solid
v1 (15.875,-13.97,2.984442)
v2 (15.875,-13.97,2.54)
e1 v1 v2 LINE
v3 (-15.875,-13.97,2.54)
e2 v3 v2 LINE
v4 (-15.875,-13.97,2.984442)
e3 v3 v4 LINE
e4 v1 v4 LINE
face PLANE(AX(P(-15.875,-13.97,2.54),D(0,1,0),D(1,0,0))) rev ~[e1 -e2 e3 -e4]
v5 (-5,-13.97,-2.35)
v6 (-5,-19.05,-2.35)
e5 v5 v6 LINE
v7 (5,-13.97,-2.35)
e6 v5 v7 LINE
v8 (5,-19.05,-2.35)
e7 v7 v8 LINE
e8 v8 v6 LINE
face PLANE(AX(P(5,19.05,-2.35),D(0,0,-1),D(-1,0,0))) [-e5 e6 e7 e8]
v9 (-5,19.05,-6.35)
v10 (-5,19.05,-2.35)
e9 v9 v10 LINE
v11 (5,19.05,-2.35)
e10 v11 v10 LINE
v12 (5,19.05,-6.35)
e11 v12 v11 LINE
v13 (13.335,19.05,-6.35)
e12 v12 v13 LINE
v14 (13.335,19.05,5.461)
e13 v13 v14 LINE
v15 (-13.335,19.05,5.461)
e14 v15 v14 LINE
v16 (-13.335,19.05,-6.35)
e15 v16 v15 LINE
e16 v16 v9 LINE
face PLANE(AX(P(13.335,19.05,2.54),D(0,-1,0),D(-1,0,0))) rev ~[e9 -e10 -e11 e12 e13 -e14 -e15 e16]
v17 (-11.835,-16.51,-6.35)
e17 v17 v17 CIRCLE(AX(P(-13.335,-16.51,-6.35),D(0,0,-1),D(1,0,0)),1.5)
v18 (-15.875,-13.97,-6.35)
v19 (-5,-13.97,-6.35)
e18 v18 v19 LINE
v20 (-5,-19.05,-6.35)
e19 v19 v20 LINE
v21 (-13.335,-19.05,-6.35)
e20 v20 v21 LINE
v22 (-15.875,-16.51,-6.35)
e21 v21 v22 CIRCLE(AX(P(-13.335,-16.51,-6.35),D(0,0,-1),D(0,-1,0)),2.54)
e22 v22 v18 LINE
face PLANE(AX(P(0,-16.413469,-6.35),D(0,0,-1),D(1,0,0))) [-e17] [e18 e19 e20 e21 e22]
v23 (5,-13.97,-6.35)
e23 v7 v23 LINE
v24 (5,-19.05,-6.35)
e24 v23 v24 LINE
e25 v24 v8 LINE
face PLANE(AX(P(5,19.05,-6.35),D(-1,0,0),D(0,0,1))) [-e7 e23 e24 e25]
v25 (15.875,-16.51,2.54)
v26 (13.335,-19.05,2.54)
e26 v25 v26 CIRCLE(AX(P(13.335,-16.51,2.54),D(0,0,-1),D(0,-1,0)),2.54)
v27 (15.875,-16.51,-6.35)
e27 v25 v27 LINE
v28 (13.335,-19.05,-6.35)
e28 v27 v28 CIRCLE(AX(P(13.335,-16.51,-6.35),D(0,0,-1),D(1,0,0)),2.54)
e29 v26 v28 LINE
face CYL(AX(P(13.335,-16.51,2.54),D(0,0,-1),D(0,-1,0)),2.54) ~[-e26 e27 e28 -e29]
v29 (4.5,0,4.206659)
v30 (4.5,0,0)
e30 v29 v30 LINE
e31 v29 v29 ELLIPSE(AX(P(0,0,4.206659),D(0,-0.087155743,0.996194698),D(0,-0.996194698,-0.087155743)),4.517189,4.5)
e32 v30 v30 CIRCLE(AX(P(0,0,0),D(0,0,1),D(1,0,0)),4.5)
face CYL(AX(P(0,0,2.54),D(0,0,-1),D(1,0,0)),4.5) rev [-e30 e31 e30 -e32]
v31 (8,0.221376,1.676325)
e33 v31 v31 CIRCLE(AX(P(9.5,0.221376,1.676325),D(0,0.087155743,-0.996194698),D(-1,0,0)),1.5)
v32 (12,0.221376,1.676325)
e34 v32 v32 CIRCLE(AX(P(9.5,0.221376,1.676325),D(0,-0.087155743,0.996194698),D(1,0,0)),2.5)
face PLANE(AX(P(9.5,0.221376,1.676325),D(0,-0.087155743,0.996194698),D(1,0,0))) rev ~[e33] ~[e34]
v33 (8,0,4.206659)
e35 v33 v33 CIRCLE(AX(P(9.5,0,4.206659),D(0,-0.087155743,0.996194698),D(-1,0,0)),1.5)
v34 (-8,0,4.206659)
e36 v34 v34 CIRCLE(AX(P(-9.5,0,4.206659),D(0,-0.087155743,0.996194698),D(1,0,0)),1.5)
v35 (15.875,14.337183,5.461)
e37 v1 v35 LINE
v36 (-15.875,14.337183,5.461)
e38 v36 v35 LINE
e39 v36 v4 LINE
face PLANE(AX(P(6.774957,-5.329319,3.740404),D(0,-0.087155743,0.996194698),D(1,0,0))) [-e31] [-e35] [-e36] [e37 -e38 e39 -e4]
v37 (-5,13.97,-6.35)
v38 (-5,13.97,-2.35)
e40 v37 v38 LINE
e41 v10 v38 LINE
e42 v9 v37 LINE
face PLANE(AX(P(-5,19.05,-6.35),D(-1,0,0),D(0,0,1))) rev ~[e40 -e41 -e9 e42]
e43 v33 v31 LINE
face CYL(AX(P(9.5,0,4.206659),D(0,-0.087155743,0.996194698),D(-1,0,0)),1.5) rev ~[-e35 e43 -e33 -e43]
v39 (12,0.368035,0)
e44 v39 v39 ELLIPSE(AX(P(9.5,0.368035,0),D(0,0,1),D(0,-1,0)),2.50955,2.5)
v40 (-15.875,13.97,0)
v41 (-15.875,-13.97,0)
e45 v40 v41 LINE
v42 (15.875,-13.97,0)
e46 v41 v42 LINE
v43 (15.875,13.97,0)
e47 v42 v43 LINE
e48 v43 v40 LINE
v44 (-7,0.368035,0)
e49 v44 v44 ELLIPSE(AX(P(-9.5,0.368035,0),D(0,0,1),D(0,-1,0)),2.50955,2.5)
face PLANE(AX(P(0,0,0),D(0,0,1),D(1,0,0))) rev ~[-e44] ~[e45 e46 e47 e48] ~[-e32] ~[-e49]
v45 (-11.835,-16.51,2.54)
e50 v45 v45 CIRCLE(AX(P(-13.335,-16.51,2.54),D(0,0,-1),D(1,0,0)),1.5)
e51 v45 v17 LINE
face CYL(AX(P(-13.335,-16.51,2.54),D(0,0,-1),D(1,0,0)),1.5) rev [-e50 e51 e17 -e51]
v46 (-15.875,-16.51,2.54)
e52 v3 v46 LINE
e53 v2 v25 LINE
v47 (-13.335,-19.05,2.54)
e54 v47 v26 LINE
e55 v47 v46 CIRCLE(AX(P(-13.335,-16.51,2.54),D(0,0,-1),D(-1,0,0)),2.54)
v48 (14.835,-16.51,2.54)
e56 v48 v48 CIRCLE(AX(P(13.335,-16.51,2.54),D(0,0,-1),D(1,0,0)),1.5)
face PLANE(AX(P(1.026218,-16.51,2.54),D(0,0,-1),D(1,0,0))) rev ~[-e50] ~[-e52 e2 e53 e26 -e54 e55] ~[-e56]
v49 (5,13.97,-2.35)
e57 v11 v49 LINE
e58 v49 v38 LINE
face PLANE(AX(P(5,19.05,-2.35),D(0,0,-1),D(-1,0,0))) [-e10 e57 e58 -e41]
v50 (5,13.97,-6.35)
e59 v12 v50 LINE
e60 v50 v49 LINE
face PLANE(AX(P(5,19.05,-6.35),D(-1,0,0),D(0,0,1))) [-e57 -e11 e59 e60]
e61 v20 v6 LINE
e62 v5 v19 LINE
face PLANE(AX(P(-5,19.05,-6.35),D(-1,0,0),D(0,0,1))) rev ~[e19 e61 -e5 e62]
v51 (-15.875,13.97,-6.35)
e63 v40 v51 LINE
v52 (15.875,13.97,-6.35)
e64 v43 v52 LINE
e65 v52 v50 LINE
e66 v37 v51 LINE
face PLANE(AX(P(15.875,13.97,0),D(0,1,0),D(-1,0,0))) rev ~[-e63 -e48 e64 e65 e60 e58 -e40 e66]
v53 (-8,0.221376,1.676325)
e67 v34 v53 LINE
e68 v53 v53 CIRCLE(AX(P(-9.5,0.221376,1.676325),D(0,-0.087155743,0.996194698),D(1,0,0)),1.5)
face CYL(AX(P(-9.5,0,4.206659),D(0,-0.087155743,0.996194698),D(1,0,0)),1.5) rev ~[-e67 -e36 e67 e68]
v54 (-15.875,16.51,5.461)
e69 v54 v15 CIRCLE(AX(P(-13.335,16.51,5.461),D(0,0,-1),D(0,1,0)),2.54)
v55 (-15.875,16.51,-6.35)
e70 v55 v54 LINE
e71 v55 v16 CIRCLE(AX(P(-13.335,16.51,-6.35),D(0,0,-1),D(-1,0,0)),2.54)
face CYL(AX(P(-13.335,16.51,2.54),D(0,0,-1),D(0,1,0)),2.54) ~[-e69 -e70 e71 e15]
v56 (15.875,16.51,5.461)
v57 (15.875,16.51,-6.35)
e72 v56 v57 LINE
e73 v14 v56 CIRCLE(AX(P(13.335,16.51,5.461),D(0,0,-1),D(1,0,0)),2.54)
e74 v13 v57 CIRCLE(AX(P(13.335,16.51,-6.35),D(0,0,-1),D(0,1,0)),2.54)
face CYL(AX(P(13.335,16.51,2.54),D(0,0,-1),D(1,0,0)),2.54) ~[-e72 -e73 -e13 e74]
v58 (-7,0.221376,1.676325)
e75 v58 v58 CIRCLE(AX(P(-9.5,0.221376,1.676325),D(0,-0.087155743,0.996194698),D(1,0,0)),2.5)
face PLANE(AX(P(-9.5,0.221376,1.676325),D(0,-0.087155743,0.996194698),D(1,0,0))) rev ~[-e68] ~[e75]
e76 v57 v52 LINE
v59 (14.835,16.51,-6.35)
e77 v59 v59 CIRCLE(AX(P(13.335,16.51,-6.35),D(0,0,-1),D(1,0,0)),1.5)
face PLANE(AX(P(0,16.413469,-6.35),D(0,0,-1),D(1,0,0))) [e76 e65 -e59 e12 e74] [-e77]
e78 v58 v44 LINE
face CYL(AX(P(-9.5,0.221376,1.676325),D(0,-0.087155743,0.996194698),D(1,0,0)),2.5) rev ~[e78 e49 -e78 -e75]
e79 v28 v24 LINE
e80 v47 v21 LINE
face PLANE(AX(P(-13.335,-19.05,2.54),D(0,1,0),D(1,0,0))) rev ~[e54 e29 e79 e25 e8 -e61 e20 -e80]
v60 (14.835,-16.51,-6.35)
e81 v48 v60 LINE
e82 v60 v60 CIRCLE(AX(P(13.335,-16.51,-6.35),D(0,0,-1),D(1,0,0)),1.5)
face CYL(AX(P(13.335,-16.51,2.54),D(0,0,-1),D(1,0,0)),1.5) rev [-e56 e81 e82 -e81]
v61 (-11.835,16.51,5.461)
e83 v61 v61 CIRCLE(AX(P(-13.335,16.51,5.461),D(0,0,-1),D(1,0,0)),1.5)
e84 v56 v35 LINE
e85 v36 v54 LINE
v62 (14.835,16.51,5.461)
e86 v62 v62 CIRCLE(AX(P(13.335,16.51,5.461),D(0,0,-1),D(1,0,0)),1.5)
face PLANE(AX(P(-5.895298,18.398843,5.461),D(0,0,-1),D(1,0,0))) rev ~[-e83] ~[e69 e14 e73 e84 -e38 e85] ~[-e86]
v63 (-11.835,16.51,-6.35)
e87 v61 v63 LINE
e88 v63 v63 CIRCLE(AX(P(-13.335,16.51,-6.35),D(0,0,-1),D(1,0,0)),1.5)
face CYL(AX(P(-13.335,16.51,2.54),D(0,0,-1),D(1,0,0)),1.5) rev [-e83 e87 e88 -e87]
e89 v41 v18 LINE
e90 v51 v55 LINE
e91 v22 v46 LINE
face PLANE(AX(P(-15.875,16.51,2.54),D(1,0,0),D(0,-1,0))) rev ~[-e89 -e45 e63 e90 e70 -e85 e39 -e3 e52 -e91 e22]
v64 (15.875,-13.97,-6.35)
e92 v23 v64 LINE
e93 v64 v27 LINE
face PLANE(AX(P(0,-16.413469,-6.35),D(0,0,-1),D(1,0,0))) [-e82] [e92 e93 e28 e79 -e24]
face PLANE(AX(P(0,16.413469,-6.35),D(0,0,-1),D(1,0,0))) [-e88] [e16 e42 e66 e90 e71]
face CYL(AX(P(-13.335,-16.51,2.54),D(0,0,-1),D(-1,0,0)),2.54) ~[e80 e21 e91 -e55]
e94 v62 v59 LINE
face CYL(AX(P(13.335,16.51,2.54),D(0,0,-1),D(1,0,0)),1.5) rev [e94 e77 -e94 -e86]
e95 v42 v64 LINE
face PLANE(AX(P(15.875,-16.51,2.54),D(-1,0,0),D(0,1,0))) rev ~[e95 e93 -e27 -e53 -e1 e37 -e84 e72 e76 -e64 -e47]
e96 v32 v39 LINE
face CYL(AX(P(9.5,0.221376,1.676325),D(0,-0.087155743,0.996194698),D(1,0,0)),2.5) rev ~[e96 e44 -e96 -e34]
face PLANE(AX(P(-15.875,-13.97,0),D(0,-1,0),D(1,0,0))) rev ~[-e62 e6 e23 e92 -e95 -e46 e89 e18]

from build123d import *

# Parameters (mm, degrees)
F0_R      = 1.5
F0_R_2    = 4.5
F1_DEPTH  = 2.54
F2_R      = 1.5
F3_DEPTH  = 6.35
F4_W      = 10
F4_H      = 4
F5_DEPTH  = 38.101
F7_DEPTH  = 25.4
F8_W      = 55.4393846542
F8_H      = 54.9912601709
F9_DEPTH  = 25.4
F10_R     = 1.5
F11_DEPTH = 25.4
F13_R     = 2.5
F13_R_2   = 1.5
F14_DEPTH = 25.4
F16_W     = 46.2689362466
F16_H     = 11.2376865
F17_DEPTH = 25.4
F19_W     = 33.8024366647
F19_H     = 5.08
F20_DEPTH = 25.4


with BuildPart() as f1:
    # F0 (on Top) → F1 (new body)
    with BuildSketch(Plane.XY):
        with BuildLine():
            ThreePointArc((15.875, 16.51), (15.1310512242, 18.3060512242), (13.335, 19.05))
            Line((13.335, 19.05), (-13.335, 19.05))
            ThreePointArc((-13.335, 19.05), (-15.1310512242, 18.3060512242), (-15.875, 16.51))
            Line((-15.875, 16.51), (-15.875, -16.51))
            ThreePointArc((-15.875, -16.51), (-15.1310512242, -18.3060512242), (-13.335, -19.05))
            Line((-13.335, -19.05), (13.335, -19.05))
            ThreePointArc((13.335, -19.05), (15.1310512242, -18.3060512242), (15.875, -16.51))
            Line((15.875, -16.51), (15.875, 16.51))
        make_face()
        with Locations((-13.335, -16.51)):
            Circle(F0_R, mode=Mode.SUBTRACT)
        with Locations((13.335, -16.51)):
            Circle(F0_R, mode=Mode.SUBTRACT)
        with Locations((-13.335, 16.51)):
            Circle(F0_R, mode=Mode.SUBTRACT)
        Circle(F0_R_2, mode=Mode.SUBTRACT)
        with Locations((13.335, 16.51)):
            Circle(F0_R, mode=Mode.SUBTRACT)
    extrude(amount=F1_DEPTH)

    # F2 (on face) → F3 (join)
    with BuildSketch(Plane(origin=(0, 0, 0), x_dir=(1, 0, 0), z_dir=(0, 0, -1))):
        with BuildLine():
            Line((-15.875, 16.51), (-15.875, 13.97))
            Line((-15.875, 13.97), (15.875, 13.97))
            Line((15.875, 13.97), (15.875, 16.51))
            ThreePointArc((15.875, 16.51), (15.1310512242, 18.3060512242), (13.335, 19.05))
            Line((13.335, 19.05), (-13.335, 19.05))
            ThreePointArc((-13.335, 19.05), (-15.1310512242, 18.3060512242), (-15.875, 16.51))
        make_face()
        with Locations((-13.335, 16.51)):
            Circle(F2_R, mode=Mode.SUBTRACT)
        with Locations((13.335, 16.51)):
            Circle(F2_R, mode=Mode.SUBTRACT)
        with BuildLine():
            Line((15.875, -13.97), (-15.875, -13.97))
            Line((-15.875, -13.97), (-15.875, -16.51))
            ThreePointArc((-15.875, -16.51), (-15.1310512242, -18.3060512242), (-13.335, -19.05))
            Line((-13.335, -19.05), (13.335, -19.05))
            ThreePointArc((13.335, -19.05), (15.1310512242, -18.3060512242), (15.875, -16.51))
            Line((15.875, -16.51), (15.875, -13.97))
        make_face()
        with Locations((-13.335, -16.51)):
            Circle(F2_R, mode=Mode.SUBTRACT)
        with Locations((13.335, -16.51)):
            Circle(F2_R, mode=Mode.SUBTRACT)
    extrude(amount=F3_DEPTH)

    # F4 (on face) → F5 (cut, through all)
    with BuildSketch(Plane(origin=(0, 19.05, 0), x_dir=(-1, 0, 0), z_dir=(0, 1, 0))):
        with Locations((0, -4.35)):
            Rectangle(F4_W, F4_H)
    extrude(amount=-F5_DEPTH, mode=Mode.SUBTRACT)

    # F7 (add): a face of the model
    f7_faces = [f1.faces().sort_by_distance(p)[0] for p in [
        (14.7803610119, 17.9553610119, 2.54),
    ]]
    extrude(f7_faces, amount=F7_DEPTH)

    # F8 (on face) → F9 (cut)
    with BuildSketch(Plane(origin=(0, -0.3652393382, 4.1747047386), x_dir=(1, 0, 0), z_dir=(0, -0.0871557427, 0.9961946981))):
        with Locations((6.7749572918, -4.9830414355)):
            Rectangle(F8_W, F8_H)
    extrude(amount=F9_DEPTH, mode=Mode.SUBTRACT)

    # F10 (on face) → F11 (cut)
    with BuildSketch(Plane(origin=(0, -0.3652393382, 4.1747047386), x_dir=(1, 0, 0), z_dir=(0, -0.0871557427, 0.9961946981))):
        with Locations((-9.5, 0.3666344931)):
            Circle(F10_R)
        with BuildLine():
            ThreePointArc((11, 0.3666344931), (9.5, 1.8666344931), (8, 0.3666344931))
            ThreePointArc((8, 0.3666344931), (9.5, -1.1333655069), (11, 0.3666344931))
        make_face()
    extrude(amount=-F11_DEPTH, mode=Mode.SUBTRACT)

    # F13 (on offset) → F14 (cut)
    with BuildSketch(Plane(origin=(0, -0.1438637516, 1.6443702054), x_dir=(1, 0, 0), z_dir=(0, -0.0871557427, 0.9961946981))):
        with Locations((-9.5, 0.3666344931)):
            Circle(F13_R)
        with Locations((-9.5, 0.3666344931)):
            Circle(F13_R_2, mode=Mode.SUBTRACT)
        with Locations((9.5, 0.3666344931)):
            Circle(F13_R)
        with Locations((9.5, 0.3666344931)):
            Circle(F13_R_2, mode=Mode.SUBTRACT)
    extrude(amount=-F14_DEPTH, mode=Mode.SUBTRACT)

    # F16 (on offset) → F17 (cut)
    with BuildSketch(Plane(origin=(0, 0, 5.461), x_dir=(1, 0, 0), z_dir=(0, 0, -1))):
        with Locations((-5.8952979743, -18.3988427743)):
            Rectangle(F16_W, F16_H)
    extrude(amount=-F17_DEPTH, mode=Mode.SUBTRACT)

    # F19 (on offset) → F20 (cut)
    with BuildSketch(Plane(origin=(0, 0, 2.54), x_dir=(1, 0, 0), z_dir=(0, 0, -1))):
        with Locations((1.0262183324, 16.51)):
            Rectangle(F19_W, F19_H)
    extrude(amount=-F20_DEPTH, mode=Mode.SUBTRACT)


solid = f1.part
